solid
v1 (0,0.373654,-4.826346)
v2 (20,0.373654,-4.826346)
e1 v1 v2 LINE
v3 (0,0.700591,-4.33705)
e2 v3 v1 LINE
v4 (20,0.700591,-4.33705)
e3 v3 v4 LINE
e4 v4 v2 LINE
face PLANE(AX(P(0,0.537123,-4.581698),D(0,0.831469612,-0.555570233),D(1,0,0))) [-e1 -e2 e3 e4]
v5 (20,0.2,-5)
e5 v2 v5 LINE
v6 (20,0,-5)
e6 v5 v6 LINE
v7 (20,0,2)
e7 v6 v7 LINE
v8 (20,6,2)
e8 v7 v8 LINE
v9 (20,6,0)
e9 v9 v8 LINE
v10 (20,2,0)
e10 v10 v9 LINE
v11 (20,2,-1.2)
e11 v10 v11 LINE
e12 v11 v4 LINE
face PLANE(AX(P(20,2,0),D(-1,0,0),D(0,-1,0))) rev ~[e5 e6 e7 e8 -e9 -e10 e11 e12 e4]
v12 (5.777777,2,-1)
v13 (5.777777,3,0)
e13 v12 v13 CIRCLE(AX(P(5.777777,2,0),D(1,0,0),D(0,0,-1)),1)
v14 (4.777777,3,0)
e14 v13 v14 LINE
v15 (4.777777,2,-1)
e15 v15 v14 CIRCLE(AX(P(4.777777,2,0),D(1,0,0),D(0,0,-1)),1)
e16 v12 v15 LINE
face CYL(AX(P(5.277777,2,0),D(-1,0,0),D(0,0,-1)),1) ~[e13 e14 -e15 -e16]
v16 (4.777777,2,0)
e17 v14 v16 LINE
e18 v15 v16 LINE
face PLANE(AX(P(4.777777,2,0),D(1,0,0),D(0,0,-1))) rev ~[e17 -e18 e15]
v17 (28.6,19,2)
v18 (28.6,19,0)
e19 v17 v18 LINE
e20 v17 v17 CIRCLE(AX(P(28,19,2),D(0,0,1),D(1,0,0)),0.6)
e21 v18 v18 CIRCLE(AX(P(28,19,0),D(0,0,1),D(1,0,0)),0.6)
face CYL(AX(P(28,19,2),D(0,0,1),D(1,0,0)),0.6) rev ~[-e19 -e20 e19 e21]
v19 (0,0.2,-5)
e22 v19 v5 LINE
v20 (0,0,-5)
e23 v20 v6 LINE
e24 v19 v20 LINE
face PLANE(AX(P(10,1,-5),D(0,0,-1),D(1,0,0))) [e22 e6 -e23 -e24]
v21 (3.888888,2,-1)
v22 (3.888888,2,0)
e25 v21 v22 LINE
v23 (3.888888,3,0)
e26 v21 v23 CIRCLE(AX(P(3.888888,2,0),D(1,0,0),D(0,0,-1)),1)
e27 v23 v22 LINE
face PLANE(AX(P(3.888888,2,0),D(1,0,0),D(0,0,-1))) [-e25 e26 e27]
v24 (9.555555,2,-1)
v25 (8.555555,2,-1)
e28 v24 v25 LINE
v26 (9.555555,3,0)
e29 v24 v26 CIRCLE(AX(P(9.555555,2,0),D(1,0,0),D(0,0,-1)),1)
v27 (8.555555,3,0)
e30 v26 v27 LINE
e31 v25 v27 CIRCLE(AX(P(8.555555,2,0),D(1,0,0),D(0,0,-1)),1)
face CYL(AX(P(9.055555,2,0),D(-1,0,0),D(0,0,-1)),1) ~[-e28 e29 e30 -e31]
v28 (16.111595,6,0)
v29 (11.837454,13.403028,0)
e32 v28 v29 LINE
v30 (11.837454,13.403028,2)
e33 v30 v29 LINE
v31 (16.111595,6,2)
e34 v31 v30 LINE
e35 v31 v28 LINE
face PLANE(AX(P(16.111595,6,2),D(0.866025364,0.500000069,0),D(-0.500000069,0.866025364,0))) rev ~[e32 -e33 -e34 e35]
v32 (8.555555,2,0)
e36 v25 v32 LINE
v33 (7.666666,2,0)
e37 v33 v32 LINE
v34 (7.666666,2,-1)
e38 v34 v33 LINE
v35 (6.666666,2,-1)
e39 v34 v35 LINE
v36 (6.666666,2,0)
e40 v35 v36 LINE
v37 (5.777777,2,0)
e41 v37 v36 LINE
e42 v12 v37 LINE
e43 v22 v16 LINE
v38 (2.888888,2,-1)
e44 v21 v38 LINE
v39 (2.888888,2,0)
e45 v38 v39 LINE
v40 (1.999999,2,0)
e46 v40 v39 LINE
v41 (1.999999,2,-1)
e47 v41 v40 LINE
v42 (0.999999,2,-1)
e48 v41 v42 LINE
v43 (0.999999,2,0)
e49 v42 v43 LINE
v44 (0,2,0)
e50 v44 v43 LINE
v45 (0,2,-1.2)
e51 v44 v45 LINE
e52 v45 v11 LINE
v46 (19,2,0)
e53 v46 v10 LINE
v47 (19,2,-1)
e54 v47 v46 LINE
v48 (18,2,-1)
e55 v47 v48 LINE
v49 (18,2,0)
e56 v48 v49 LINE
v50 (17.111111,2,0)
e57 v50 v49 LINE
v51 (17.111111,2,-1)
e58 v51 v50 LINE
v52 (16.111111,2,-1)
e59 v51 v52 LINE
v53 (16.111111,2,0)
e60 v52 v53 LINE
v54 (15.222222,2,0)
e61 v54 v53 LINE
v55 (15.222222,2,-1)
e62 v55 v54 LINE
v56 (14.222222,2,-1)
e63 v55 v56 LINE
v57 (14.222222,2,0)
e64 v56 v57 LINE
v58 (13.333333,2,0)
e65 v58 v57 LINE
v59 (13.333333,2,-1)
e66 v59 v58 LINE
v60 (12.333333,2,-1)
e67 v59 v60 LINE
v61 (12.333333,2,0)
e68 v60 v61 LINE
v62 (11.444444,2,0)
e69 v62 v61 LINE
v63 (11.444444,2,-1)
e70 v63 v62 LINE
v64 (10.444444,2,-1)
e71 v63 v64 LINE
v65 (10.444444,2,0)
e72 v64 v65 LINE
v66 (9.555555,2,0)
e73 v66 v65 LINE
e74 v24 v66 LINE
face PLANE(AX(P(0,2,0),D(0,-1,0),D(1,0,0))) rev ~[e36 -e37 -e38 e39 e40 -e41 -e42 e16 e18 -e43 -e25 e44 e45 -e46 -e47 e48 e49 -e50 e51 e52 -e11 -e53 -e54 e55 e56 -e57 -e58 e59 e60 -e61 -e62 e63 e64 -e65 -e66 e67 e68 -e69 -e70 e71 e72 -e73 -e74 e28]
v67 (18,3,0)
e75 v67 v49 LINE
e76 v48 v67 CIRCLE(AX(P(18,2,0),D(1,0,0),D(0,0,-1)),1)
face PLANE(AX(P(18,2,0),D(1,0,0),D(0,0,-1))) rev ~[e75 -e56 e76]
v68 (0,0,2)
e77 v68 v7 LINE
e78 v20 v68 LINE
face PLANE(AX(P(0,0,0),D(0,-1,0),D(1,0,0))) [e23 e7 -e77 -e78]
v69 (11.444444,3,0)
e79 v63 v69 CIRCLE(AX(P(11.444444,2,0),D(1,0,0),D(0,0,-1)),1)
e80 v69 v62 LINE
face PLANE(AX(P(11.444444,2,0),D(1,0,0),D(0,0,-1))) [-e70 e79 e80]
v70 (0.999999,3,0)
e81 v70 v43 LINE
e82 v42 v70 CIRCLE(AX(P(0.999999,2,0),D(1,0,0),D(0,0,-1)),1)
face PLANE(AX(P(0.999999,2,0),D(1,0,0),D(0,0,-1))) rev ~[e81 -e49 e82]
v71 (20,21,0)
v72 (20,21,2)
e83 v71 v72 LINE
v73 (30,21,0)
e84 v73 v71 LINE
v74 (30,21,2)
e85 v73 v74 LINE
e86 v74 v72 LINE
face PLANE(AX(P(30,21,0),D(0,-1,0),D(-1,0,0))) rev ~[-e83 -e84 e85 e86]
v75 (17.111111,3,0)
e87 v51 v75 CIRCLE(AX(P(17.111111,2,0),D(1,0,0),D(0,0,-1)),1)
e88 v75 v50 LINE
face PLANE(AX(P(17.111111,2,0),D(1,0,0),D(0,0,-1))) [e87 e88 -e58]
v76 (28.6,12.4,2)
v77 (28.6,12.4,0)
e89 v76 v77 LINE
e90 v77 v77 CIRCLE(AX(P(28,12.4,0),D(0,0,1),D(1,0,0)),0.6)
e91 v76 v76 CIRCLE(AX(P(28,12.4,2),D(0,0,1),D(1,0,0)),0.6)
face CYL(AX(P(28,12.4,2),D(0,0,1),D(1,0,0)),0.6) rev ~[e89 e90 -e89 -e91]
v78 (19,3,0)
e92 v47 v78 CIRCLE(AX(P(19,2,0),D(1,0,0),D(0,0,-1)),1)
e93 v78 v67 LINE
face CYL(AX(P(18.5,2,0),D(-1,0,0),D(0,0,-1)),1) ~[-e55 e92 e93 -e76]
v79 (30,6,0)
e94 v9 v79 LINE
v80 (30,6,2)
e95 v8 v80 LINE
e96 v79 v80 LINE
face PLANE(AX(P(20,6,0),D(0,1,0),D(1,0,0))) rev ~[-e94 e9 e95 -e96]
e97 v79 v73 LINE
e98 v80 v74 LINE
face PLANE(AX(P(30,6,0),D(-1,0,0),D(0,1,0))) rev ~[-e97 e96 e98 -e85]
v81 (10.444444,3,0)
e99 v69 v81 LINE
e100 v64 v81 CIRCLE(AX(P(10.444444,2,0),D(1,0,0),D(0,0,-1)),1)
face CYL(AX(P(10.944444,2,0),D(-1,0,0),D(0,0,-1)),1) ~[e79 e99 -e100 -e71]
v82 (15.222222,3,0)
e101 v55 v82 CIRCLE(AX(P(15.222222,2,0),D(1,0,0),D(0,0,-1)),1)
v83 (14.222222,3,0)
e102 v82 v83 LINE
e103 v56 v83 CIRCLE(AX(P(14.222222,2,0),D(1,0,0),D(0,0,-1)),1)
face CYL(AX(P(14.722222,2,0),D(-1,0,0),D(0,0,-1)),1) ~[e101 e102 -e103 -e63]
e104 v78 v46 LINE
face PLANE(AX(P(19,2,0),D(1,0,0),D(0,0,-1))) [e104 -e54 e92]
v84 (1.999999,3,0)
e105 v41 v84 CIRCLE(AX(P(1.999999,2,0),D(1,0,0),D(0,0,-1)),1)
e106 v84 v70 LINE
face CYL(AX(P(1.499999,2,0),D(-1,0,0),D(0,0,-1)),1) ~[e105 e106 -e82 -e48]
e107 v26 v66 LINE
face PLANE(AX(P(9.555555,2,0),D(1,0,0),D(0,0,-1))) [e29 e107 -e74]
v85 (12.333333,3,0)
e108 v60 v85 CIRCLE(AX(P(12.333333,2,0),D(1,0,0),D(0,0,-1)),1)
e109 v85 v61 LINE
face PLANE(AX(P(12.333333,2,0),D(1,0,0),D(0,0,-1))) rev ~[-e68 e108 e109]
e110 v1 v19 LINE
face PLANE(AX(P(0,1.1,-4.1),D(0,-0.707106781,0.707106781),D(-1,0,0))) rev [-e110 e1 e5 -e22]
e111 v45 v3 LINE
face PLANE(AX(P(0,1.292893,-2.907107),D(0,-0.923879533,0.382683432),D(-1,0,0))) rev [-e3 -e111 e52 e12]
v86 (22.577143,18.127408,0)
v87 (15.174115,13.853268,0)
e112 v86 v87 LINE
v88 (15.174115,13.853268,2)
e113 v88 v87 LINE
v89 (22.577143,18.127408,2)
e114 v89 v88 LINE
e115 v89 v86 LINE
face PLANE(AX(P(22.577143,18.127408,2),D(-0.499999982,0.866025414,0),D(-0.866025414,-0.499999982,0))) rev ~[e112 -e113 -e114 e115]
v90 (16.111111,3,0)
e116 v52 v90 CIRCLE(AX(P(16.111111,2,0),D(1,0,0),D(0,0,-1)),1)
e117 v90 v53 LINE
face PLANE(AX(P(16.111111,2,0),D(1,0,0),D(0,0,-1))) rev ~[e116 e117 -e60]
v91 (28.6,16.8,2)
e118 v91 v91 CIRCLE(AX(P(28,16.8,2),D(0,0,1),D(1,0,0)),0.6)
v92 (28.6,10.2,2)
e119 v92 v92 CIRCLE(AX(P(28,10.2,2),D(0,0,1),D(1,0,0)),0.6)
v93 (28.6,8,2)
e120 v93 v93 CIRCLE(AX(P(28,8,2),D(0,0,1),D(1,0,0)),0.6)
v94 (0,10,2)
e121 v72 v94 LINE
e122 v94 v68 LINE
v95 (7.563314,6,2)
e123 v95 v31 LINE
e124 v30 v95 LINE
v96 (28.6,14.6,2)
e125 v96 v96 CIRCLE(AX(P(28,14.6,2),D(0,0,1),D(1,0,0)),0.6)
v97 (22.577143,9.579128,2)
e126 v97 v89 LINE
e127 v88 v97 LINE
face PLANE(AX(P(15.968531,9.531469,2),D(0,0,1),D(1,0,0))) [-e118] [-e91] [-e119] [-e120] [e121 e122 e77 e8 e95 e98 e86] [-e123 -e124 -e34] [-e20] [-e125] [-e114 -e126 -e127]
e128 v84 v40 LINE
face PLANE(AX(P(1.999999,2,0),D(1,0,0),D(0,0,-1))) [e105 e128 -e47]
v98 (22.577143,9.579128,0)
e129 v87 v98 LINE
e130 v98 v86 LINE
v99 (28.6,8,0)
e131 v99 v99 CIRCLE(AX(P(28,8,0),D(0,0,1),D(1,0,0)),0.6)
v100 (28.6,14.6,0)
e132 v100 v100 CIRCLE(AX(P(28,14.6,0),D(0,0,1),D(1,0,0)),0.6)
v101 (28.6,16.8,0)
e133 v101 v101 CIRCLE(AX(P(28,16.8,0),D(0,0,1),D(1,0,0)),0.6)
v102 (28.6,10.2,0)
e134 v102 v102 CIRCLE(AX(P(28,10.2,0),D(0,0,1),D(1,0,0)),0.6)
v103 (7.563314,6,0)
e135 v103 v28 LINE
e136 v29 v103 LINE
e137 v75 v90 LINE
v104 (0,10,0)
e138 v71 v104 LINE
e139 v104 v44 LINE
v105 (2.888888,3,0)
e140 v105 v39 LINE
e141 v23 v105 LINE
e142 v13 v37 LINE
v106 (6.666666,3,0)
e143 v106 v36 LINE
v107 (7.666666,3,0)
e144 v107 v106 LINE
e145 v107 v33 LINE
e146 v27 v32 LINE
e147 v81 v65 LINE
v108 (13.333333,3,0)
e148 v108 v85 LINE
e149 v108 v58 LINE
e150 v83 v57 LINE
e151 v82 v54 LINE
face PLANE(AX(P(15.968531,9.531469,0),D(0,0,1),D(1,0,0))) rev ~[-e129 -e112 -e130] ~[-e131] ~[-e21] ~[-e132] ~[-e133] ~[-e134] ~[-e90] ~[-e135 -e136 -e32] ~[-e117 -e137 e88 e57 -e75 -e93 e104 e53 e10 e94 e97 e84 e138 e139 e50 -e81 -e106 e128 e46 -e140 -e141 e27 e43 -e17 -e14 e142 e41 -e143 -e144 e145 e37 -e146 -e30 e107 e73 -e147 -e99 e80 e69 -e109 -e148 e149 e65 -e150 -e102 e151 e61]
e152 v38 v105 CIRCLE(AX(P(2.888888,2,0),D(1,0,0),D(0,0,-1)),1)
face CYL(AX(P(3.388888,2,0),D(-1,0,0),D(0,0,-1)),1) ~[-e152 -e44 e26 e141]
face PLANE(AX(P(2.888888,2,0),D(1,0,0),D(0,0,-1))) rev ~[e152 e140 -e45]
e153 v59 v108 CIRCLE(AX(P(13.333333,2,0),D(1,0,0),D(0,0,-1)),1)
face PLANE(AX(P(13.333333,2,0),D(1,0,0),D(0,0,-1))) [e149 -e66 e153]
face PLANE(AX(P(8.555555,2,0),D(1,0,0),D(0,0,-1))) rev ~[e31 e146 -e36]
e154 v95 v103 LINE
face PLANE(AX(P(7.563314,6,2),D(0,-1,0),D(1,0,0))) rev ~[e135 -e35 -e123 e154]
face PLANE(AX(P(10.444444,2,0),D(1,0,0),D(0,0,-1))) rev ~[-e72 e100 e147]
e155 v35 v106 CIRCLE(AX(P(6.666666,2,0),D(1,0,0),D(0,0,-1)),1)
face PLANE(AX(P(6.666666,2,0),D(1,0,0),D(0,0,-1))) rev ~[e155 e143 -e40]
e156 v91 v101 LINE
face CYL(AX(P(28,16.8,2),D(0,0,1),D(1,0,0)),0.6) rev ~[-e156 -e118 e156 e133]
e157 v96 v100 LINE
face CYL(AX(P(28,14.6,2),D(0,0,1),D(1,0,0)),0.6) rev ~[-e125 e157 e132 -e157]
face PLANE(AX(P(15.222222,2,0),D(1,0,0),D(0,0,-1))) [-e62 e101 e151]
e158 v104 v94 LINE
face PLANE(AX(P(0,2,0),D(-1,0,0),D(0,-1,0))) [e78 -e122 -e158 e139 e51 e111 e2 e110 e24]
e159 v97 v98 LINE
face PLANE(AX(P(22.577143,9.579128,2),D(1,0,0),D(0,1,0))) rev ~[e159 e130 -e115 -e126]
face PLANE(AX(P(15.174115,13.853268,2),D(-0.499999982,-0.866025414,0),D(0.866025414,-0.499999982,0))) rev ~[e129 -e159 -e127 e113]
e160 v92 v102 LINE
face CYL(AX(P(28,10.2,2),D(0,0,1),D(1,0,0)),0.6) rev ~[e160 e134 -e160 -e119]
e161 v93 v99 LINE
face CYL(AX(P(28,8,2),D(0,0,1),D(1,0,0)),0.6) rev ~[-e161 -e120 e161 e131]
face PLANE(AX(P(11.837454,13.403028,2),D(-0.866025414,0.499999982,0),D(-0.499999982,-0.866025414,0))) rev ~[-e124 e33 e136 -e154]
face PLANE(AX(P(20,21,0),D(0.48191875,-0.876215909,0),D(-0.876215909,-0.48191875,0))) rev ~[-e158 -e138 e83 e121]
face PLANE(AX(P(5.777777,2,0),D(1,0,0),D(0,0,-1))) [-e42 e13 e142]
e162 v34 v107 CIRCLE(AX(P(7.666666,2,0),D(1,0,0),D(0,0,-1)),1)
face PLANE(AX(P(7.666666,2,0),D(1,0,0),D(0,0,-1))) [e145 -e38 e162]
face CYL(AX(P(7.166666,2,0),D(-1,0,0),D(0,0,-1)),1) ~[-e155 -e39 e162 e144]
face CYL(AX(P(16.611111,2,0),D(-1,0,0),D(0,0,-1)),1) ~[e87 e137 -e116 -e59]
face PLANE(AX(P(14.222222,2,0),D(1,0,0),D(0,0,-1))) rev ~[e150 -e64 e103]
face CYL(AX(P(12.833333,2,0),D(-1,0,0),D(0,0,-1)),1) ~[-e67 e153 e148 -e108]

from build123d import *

# Parameters (mm, degrees)
PAD_DEPTH              = 2
SKETCH001_R            = 0.6
HOLE_DEPTH             = 2.001
LINEARPATTERN_COUNT    = 6
LINEARPATTERN_PITCH    = 2.2
POCKET_DEPTH           = 2.001
SKETCH003_W            = 20
SKETCH003_H            = 2
PAD001_DEPTH           = 5
SKETCH004_W            = 1
SKETCH004_H            = 1
REVOLUTION_ANGLE       = -90
LINEARPATTERN001_COUNT = 10
LINEARPATTERN001_PITCH = 1.888889
CHAMFER_SIZE           = 1.8
CHAMFER001_SIZE        = 2
CHAMFER002_SIZE        = 0.3


with BuildPart() as part:
    # Sketch → Pad (new body)
    with BuildSketch(Plane.XY):
        Polygon((0, 0), (20, 0), (20, 6), (30, 6), (30, 21), (20, 21), (0, 10), align=None)
    extrude(amount=PAD_DEPTH)

    # Sketch001 (on Face9 of Pad) → Hole (cut, through all)
    with BuildSketch(Plane.XY.offset(2)):
        with Locations((28, 19)):
            Circle(SKETCH001_R)
    hole = extrude(amount=-HOLE_DEPTH, mode=Mode.SUBTRACT)

    # LinearPattern: Hole ×6
    with Locations(*[(0, -i * LINEARPATTERN_PITCH, 0) for i in range(1, LINEARPATTERN_COUNT)]):
        add(hole, mode=Mode.SUBTRACT)

    # Sketch002 (on Face5 of LinearPattern) → Pocket (cut, through all)
    with BuildSketch(Plane.XY.offset(2)):
        Polygon((11.837454, 13.403028), (7.563314, 6), (16.111595, 6), align=None)
        Polygon((22.577143, 9.579128), (22.577143, 18.127408), (15.174115, 13.853268), align=None)
    extrude(amount=-POCKET_DEPTH, mode=Mode.SUBTRACT)

    # Sketch003 (on Face4 of Pocket) → Pad001 (join)
    with BuildSketch(Plane(origin=(0, 0, 0), x_dir=(1, 0, 0), z_dir=(0, 0, -1))):
        with Locations((10, -1)):
            Rectangle(SKETCH003_W, SKETCH003_H)
    extrude(amount=PAD001_DEPTH)

    # Sketch004 (on Face19 of Pad001) → Revolution (revolve)
    with BuildSketch(Plane(origin=(0, 2, 0), x_dir=(-1, 0, 0), z_dir=(0, 1, 0))):
        with Locations((-18.5, -0.5)):
            Rectangle(SKETCH004_W, SKETCH004_H)
    revolution = revolve(axis=Axis((10, 2, 0), (-1, 0, 0)), revolution_arc=REVOLUTION_ANGLE)

    # LinearPattern001: Revolution ×10
    with Locations(*[(-i * LINEARPATTERN001_PITCH, 0, 0) for i in range(1, LINEARPATTERN001_COUNT)]):
        add(revolution)

    # Chamfer
    chamfer_edges = [part.edges().sort_by_distance(p)[0] for p in [
        (10, 2, -5),
    ]]
    chamfer(chamfer_edges, length=CHAMFER_SIZE)

    # Chamfer001
    chamfer001_edges = [part.edges().sort_by_distance(p)[0] for p in [
        (10, 2, -3.2),
    ]]
    chamfer(chamfer001_edges, length=CHAMFER001_SIZE)

    # Chamfer002
    chamfer002_edges = [part.edges().sort_by_distance(p)[0] for p in [
        (10, 0.585786, -4.614214),
    ]]
    chamfer(chamfer002_edges, length=CHAMFER002_SIZE)


solid = part.part
